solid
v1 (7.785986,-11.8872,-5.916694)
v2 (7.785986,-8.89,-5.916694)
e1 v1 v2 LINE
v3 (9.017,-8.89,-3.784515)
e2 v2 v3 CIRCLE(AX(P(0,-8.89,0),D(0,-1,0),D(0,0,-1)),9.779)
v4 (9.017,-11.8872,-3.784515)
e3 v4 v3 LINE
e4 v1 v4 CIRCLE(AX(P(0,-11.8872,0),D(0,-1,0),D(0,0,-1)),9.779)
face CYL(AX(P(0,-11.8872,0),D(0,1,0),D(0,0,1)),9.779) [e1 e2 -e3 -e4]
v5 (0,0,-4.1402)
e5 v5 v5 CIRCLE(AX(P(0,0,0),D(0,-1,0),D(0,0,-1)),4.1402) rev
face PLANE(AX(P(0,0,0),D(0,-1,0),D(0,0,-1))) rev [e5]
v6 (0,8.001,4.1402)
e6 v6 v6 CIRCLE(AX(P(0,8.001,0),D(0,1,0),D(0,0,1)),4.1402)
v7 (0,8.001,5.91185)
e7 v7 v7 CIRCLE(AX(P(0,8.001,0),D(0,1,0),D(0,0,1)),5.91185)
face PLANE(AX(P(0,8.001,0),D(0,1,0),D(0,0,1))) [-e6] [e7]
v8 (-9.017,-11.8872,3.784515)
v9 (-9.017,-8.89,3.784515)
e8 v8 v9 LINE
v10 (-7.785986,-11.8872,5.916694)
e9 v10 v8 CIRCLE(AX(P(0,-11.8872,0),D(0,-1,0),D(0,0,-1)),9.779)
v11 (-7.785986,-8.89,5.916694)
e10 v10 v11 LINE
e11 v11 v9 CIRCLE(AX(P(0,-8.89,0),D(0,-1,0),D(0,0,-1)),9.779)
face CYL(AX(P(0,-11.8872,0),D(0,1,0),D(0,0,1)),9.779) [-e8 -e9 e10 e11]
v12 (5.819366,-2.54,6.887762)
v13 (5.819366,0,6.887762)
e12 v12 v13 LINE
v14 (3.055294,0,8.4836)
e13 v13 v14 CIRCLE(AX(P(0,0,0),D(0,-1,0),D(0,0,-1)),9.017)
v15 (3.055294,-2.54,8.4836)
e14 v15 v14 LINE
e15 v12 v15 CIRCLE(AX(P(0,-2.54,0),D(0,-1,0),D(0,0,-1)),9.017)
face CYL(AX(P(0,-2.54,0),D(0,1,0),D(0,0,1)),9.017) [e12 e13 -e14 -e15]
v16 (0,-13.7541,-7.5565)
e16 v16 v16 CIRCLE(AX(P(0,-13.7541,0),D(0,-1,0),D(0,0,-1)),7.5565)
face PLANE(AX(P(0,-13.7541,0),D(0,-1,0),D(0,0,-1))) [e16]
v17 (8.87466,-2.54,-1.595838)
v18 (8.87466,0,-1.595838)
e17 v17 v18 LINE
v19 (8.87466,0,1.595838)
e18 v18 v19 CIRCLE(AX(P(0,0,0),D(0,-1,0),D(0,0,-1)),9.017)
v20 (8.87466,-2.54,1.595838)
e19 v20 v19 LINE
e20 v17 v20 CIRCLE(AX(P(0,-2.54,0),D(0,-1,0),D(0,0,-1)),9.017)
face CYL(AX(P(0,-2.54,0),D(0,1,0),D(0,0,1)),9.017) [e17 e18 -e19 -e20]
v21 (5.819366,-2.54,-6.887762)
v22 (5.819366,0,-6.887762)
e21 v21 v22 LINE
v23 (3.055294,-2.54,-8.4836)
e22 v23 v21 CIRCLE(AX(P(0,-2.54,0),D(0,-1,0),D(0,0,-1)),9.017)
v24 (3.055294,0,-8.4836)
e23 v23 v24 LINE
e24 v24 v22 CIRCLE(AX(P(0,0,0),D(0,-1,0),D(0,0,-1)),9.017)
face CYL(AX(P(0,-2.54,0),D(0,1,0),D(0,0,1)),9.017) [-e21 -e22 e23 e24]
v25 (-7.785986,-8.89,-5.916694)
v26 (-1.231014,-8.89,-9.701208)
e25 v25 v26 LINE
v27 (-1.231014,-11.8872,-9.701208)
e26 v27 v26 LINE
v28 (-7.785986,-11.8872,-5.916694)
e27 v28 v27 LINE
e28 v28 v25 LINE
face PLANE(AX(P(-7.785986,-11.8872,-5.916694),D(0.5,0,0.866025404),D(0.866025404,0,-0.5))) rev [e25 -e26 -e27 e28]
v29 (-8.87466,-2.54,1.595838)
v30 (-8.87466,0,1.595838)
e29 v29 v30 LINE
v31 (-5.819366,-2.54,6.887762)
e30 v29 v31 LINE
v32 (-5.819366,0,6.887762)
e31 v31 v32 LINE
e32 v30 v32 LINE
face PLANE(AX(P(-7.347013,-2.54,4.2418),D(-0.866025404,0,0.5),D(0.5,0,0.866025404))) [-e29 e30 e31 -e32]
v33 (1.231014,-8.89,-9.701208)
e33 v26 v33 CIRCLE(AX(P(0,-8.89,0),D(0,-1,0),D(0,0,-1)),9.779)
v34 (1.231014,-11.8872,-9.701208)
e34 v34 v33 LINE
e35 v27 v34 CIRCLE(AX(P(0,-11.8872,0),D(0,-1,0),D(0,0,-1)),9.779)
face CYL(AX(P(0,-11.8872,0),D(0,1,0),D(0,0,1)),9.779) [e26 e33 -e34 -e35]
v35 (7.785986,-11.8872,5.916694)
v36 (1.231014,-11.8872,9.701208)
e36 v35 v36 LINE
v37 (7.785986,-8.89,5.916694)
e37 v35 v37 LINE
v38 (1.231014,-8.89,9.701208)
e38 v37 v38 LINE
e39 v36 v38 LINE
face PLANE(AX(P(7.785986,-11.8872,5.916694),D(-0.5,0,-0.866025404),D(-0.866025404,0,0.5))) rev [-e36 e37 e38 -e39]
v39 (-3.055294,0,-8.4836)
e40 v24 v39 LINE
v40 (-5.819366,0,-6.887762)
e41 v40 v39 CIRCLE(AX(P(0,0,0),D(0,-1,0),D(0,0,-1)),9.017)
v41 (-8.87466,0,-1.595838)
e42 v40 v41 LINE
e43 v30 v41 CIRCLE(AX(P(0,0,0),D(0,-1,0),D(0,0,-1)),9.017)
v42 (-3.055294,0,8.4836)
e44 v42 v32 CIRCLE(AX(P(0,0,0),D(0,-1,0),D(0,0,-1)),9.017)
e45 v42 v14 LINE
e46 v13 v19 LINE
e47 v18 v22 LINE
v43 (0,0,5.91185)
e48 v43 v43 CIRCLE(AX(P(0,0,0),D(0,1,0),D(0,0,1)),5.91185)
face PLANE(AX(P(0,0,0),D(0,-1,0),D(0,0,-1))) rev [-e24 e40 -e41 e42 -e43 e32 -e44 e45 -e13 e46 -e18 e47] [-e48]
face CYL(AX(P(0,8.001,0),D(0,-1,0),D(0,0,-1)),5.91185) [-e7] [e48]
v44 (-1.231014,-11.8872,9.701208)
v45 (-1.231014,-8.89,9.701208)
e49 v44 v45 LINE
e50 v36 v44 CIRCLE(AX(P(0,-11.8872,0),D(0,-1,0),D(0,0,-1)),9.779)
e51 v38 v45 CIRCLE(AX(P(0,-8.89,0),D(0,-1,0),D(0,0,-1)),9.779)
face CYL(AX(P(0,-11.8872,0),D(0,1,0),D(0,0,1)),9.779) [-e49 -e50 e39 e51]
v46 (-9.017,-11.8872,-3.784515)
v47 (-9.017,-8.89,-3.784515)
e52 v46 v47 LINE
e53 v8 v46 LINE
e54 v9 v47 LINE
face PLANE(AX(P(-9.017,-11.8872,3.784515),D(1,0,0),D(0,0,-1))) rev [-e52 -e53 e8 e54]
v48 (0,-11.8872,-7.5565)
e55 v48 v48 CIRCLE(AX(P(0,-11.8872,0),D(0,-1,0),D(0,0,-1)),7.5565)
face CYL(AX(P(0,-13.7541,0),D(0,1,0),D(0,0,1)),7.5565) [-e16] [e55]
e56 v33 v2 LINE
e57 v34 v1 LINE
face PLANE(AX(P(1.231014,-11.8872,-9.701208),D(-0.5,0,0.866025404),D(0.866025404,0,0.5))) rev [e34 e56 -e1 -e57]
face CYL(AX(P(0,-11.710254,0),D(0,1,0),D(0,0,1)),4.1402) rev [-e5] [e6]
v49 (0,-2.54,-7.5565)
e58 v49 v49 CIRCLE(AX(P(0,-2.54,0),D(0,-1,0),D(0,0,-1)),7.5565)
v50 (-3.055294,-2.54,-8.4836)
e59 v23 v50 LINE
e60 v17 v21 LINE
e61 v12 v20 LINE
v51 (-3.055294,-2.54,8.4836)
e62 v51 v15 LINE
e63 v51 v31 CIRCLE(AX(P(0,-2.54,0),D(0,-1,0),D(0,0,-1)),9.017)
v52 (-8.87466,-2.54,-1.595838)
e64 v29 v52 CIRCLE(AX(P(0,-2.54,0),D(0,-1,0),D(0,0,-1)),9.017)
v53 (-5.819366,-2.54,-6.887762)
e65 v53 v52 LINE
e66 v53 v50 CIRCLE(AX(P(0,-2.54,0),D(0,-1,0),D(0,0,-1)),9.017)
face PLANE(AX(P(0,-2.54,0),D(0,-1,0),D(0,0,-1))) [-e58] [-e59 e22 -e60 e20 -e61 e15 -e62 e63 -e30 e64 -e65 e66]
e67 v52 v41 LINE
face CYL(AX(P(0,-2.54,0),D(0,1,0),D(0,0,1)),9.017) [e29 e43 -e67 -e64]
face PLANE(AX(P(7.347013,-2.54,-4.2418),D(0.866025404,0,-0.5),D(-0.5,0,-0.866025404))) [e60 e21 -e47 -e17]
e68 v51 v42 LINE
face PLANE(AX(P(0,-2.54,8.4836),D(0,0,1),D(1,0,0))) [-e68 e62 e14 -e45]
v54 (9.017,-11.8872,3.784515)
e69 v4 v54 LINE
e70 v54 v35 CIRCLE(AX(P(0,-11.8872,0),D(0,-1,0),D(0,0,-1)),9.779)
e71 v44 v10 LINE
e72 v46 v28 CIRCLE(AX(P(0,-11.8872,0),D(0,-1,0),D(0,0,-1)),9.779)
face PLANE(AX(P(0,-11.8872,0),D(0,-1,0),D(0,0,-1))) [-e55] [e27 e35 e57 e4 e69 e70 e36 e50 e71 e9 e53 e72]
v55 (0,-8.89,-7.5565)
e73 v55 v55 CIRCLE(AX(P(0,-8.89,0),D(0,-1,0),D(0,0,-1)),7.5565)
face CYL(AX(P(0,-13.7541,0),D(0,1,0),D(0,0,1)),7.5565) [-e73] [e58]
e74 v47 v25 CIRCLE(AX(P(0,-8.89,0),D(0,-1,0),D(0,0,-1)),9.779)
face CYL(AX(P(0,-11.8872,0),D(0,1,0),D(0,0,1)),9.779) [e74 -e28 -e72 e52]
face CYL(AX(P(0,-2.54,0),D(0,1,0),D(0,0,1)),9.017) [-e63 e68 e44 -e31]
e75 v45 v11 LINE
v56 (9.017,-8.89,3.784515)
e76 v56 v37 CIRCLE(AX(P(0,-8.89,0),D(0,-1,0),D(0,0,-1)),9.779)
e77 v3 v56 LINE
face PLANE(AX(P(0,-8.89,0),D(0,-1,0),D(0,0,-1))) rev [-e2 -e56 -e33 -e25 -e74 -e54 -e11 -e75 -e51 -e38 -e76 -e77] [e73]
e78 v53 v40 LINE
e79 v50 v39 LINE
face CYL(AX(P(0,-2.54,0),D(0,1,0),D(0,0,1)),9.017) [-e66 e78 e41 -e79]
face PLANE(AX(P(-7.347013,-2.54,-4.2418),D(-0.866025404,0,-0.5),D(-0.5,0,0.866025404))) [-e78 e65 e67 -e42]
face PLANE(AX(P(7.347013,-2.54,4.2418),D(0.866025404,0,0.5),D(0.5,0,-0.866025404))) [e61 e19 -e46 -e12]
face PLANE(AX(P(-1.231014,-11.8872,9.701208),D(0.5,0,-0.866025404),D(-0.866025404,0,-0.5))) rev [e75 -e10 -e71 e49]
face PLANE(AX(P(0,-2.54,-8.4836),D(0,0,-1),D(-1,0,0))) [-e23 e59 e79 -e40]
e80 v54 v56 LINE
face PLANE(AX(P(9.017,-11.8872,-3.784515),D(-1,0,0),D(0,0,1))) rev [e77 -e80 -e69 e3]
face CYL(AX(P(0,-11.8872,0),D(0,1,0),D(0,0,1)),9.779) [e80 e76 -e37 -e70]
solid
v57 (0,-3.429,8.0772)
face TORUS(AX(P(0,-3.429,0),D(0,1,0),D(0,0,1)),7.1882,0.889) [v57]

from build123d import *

# Parameters (mm, degrees)
SKETCH2_R           = 5.91185
BOSS_EXTRUDE1_DEPTH = 8.001
SKETCH3_R           = 9.017
BOSS_EXTRUDE2_DEPTH = 2.54
CUT_EXTRUDE1_DEPTH  = 2.54
SKETCH5_R           = 7.5565
BOSS_EXTRUDE3_DEPTH = 11.2141
SKETCH6_R           = 0.889
BOSS_EXTRUDE4_START = 6.35
BOSS_EXTRUDE4_DEPTH = 2.9972
SKETCH8_R           = 4.1402
CUT_EXTRUDE2_DEPTH  = 8.001


with BuildPart() as part:
    # Sketch2 → Boss-Extrude1 (new body)
    with BuildSketch(Plane(origin=(0, 0, 0), x_dir=(1, 0, 0), z_dir=(0, 1, 0))):
        Circle(SKETCH2_R)
    extrude(amount=BOSS_EXTRUDE1_DEPTH)

    # Sketch3 → Boss-Extrude2 (add)
    with BuildSketch(Plane.XZ):
        Circle(SKETCH3_R)
    extrude(amount=BOSS_EXTRUDE2_DEPTH)

    # Sketch4 → Cut-Extrude1 (cut)
    with BuildSketch(Plane(origin=(0, 0, 0), x_dir=(1, 0, 0), z_dir=(0, 1, 0))):
        with BuildLine():
            Line((-3.055293773, 8.4836), (3.055293773, 8.4836))
            ThreePointArc((3.055293773, 8.4836), (0, 9.017), (-3.055293773, 8.4836))
        make_face()
        with BuildLine():
            ThreePointArc((8.874660002, 1.595837976), (7.808951066, 4.5085), (5.819366229, 6.887762024))
            Line((5.819366229, 6.887762024), (8.874660002, 1.595837976))
        make_face()
        with BuildLine():
            Line((-8.874660002, 1.595837976), (-5.819366229, 6.887762024))
            ThreePointArc((-5.819366229, 6.887762024), (-7.808951066, 4.5085), (-8.874660002, 1.595837976))
        make_face()
        with BuildLine():
            ThreePointArc((5.819366229, -6.887762024), (7.808951066, -4.5085), (8.874660002, -1.595837976))
            Line((8.874660002, -1.595837976), (5.819366229, -6.887762024))
        make_face()
        with BuildLine():
            Line((-5.819366229, -6.887762024), (-8.874660002, -1.595837976))
            ThreePointArc((-8.874660002, -1.595837976), (-7.808951066, -4.5085), (-5.819366229, -6.887762024))
        make_face()
        with BuildLine():
            ThreePointArc((-3.055293773, -8.4836), (0, -9.017), (3.055293773, -8.4836))
            Line((3.055293773, -8.4836), (-3.055293773, -8.4836))
        make_face()
    extrude(amount=-CUT_EXTRUDE1_DEPTH, mode=Mode.SUBTRACT)

    # Sketch5 → Boss-Extrude3 (add)
    with BuildSketch(Plane.XZ.offset(2.54)):
        Circle(SKETCH5_R)
    extrude(amount=BOSS_EXTRUDE3_DEPTH)

    # Sketch7 → Boss-Extrude4 (add)
    with BuildSketch(Plane.XZ.offset(2.54).offset(BOSS_EXTRUDE4_START)):
        with BuildLine():
            Line((9.017, -3.784514764), (9.017, 3.784514764))
            ThreePointArc((9.017, 3.784514764), (8.468862424, 4.8895), (7.785985927, 5.916693684))
            Line((7.785985927, 5.916693684), (1.231014073, 9.701208448))
            ThreePointArc((1.231014073, 9.701208448), (0, 9.779), (-1.231014073, 9.701208448))
            Line((-1.231014073, 9.701208448), (-7.785985927, 5.916693684))
            ThreePointArc((-7.785985927, 5.916693684), (-8.468862424, 4.8895), (-9.017, 3.784514764))
            Line((-9.017, 3.784514764), (-9.017, -3.784514764))
            ThreePointArc((-9.017, -3.784514764), (-8.468862424, -4.8895), (-7.785985927, -5.916693684))
            Line((-7.785985927, -5.916693684), (-1.231014073, -9.701208448))
            ThreePointArc((-1.231014073, -9.701208448), (0, -9.779), (1.231014073, -9.701208448))
            Line((1.231014073, -9.701208448), (7.785985927, -5.916693684))
            ThreePointArc((7.785985927, -5.916693684), (8.468862424, -4.8895), (9.017, -3.784514764))
        make_face()
    extrude(amount=BOSS_EXTRUDE4_DEPTH)

    # Sketch8 → Cut-Extrude2 (cut)
    with BuildSketch(Plane(origin=(0, 8.001, 0), x_dir=(1, 0, 0), z_dir=(0, 1, 0))):
        Circle(SKETCH8_R)
    extrude(amount=-CUT_EXTRUDE2_DEPTH, mode=Mode.SUBTRACT)


with BuildPart() as body_2:
    # Sketch6 → Revolve1 (revolve)
    with BuildSketch(Plane.XY):
        with Locations((7.1882, -3.429)):
            Circle(SKETCH6_R)
    revolve(axis=Axis((0, 0, 0), (0, -1, 0)))


solid = Compound([part.part, body_2.part])
